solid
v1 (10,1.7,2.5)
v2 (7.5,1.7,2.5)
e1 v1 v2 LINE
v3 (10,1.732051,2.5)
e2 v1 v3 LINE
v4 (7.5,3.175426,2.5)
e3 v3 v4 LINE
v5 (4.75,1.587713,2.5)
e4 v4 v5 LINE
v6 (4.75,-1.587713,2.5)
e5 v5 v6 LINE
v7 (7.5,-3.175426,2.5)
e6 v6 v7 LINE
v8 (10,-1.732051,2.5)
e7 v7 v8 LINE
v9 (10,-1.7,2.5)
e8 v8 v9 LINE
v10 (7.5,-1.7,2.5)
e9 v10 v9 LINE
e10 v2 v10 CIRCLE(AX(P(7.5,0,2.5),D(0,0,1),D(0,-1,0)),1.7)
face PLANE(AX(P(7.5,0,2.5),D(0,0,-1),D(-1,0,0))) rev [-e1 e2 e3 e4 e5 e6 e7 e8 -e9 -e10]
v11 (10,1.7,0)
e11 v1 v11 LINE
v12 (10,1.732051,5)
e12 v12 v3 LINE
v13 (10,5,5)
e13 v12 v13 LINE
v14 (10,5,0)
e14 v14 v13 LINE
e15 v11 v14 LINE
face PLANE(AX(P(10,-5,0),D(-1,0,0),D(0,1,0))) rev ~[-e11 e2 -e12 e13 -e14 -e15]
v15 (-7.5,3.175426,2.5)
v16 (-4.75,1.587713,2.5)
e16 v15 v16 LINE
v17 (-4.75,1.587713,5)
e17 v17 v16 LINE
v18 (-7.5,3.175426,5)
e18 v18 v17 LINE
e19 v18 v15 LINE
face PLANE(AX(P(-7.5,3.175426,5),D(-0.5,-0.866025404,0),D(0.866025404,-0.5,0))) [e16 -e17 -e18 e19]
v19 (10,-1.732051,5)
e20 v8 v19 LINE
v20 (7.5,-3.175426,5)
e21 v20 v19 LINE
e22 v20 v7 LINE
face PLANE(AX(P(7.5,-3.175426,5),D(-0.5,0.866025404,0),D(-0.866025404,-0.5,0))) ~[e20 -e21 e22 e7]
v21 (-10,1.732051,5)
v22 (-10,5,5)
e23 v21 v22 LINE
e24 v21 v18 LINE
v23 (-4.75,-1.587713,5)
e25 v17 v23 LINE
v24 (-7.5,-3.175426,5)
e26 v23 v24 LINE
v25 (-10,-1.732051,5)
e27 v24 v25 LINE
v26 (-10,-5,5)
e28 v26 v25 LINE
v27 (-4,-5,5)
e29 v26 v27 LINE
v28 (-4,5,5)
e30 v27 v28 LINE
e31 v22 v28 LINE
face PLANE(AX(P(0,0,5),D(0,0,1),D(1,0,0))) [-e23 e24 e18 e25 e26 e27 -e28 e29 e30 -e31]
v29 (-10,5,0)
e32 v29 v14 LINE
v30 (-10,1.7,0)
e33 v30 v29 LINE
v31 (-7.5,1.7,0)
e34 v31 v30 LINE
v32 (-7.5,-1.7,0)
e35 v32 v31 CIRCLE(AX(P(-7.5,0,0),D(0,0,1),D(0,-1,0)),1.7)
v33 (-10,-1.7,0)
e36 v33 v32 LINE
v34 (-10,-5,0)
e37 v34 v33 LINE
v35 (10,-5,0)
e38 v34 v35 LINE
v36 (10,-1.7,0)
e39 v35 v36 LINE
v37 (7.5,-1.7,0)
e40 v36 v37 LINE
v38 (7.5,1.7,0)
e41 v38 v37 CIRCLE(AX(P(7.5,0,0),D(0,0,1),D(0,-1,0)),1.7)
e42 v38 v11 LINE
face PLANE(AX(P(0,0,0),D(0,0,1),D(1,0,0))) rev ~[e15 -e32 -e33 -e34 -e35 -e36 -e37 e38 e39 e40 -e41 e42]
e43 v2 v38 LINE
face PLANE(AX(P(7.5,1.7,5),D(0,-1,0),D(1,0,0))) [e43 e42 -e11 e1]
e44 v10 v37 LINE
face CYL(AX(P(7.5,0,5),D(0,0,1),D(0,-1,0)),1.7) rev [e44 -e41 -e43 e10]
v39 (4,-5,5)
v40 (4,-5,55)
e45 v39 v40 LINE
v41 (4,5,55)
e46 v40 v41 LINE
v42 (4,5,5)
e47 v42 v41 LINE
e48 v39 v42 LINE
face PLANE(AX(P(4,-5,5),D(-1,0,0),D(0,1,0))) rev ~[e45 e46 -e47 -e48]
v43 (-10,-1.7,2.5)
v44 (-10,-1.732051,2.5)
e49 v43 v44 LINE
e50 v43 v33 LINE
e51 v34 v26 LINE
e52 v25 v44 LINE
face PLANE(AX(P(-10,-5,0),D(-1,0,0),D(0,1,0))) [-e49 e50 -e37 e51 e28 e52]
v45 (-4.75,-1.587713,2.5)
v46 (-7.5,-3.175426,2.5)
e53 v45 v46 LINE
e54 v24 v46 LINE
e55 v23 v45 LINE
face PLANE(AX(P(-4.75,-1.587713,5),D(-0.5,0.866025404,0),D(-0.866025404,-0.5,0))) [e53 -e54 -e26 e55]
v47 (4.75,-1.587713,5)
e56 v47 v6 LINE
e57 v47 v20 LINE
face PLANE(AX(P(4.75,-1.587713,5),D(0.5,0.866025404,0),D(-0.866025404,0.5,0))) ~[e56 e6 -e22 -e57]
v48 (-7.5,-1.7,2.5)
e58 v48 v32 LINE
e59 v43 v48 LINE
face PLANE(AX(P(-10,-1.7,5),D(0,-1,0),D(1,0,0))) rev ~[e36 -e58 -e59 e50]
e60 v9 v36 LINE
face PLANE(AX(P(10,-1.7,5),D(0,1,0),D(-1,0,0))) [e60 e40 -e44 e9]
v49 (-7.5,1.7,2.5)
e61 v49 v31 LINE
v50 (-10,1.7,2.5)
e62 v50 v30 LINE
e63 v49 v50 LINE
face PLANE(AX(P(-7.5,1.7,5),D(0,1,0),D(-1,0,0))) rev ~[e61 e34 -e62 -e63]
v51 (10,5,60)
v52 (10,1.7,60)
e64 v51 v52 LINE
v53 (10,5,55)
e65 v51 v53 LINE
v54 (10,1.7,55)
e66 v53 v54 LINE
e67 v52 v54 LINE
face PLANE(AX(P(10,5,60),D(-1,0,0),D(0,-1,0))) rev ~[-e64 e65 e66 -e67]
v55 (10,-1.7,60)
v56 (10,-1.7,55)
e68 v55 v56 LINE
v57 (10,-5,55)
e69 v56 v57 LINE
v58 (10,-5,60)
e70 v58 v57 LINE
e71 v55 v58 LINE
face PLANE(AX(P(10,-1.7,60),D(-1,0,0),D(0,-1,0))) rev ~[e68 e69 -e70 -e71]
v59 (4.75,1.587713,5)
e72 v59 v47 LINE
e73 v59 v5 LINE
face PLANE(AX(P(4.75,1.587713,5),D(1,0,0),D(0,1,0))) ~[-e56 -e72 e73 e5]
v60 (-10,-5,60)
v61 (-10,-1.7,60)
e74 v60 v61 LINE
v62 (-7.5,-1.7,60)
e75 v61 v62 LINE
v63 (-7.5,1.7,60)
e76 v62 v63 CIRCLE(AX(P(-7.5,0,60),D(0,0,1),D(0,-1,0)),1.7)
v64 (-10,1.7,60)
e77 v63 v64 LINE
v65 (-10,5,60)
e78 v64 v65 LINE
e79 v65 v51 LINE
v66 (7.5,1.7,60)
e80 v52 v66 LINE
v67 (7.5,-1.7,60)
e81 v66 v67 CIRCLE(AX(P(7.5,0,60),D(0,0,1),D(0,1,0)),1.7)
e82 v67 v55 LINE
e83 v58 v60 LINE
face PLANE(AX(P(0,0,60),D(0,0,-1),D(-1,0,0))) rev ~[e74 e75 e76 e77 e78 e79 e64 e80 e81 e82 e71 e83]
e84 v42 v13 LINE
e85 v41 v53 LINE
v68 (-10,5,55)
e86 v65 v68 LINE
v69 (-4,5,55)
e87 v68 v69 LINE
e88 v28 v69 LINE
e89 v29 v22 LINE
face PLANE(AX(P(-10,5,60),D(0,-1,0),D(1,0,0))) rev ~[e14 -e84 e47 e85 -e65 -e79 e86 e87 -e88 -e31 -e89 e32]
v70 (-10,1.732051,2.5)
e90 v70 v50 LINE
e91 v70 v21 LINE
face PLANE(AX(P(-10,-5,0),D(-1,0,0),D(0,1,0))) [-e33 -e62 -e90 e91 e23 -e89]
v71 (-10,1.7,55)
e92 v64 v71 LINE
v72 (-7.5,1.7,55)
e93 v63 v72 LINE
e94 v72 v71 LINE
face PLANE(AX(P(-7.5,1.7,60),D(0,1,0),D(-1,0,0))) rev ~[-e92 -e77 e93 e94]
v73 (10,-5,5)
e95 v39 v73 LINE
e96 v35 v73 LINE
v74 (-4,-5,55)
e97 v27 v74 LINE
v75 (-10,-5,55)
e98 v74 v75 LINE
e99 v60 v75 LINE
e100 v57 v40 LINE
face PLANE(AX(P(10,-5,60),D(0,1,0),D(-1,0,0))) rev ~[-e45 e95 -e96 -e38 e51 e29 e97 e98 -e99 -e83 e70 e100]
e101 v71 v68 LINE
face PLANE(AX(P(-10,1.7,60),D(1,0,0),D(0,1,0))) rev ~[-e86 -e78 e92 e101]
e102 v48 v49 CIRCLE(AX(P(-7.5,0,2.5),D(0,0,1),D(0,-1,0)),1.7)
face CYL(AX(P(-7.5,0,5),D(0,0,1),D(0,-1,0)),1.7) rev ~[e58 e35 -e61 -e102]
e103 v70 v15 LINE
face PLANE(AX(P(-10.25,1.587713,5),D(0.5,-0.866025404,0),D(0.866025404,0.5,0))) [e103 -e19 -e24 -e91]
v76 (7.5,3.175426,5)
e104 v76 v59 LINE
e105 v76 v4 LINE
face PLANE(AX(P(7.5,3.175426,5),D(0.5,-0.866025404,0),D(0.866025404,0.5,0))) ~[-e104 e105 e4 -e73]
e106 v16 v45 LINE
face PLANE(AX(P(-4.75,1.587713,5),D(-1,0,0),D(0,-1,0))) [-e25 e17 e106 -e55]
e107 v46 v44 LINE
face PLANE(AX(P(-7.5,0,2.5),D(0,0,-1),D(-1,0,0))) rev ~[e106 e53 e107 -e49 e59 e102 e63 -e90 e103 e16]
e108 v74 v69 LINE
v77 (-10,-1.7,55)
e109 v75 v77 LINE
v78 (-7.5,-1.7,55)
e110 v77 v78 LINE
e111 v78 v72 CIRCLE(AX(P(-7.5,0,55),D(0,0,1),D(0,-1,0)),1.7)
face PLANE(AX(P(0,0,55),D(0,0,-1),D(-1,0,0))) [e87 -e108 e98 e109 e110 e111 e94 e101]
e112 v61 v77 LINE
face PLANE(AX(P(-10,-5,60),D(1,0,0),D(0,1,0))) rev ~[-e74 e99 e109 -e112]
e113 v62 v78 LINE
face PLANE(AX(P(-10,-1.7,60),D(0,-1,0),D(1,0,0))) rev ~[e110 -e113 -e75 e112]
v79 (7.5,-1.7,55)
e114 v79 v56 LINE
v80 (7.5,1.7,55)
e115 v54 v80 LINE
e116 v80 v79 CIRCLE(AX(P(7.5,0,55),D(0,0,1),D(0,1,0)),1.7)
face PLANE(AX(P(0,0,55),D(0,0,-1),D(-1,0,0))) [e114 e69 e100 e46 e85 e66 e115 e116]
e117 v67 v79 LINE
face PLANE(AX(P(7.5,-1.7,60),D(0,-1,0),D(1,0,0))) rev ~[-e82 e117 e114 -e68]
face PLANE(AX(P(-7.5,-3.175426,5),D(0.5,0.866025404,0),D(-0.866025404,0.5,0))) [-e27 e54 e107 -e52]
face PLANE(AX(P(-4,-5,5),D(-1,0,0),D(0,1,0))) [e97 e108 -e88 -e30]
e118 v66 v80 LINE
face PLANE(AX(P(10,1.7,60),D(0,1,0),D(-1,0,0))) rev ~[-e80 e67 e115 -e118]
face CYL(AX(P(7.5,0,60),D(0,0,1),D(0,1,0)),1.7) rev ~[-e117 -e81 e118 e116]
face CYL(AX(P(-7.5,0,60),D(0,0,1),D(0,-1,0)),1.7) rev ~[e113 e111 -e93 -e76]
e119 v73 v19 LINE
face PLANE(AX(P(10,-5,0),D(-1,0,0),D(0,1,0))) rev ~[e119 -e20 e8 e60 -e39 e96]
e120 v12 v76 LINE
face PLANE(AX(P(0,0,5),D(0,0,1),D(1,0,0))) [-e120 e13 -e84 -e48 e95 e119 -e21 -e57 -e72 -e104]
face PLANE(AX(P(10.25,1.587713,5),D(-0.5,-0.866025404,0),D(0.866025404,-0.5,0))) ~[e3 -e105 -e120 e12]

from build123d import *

# Parameters (mm, degrees)
SKETCH1_W           = 20
SKETCH1_H           = 10
BOSS_EXTRUDE1_DEPTH = 5
SKETCH2_W           = 8
SKETCH2_H           = 10
BOSS_EXTRUDE2_DEPTH = 50
CUT_EXTRUDE1_DEPTH  = 10
BOSS_EXTRUDE3_START = 5
BOSS_EXTRUDE3_DEPTH = 5
CUT_EXTRUDE2_DEPTH  = 2.5


with BuildPart() as part:
    # Sketch1 → Boss-Extrude1 (new body)
    with BuildSketch(Plane.XY):
        Rectangle(SKETCH1_W, SKETCH1_H)
    extrude(amount=BOSS_EXTRUDE1_DEPTH)

    # Sketch2 → Boss-Extrude2 (add)
    with BuildSketch(Plane.XY.offset(5)):
        Rectangle(SKETCH2_W, SKETCH2_H)
    extrude(amount=BOSS_EXTRUDE2_DEPTH)

    # Sketch3 → Cut-Extrude1 (cut)
    with BuildSketch(Plane.XY.offset(5)):
        with BuildLine():
            Line((-7.5, 1.7), (-10, 1.7))
            Line((-10, 1.7), (-10, -1.7))
            Line((-10, -1.7), (-7.5, -1.7))
            ThreePointArc((-7.5, -1.7), (-5.8, 0), (-7.5, 1.7))
        make_face()
        with BuildLine():
            Line((7.5, 1.7), (10, 1.7))
            Line((10, 1.7), (10, -1.7))
            Line((10, -1.7), (7.5, -1.7))
            ThreePointArc((7.5, -1.7), (5.8, 0), (7.5, 1.7))
        make_face()
    extrude(amount=-CUT_EXTRUDE1_DEPTH, mode=Mode.SUBTRACT)

    # Sketch4 → Boss-Extrude3 (add)
    with BuildSketch(Plane.XY.offset(55).offset(BOSS_EXTRUDE3_START)):
        with BuildLine():
            Line((-7.5, 1.7), (-10, 1.7))
            Line((-10, 1.7), (-10, 5))
            Line((-10, 5), (10, 5))
            Line((10, 5), (10, 1.7))
            Line((10, 1.7), (7.5, 1.7))
            ThreePointArc((7.5, 1.7), (5.8, 0), (7.5, -1.7))
            Line((7.5, -1.7), (10, -1.7))
            Line((10, -1.7), (10, -5))
            Line((10, -5), (-10, -5))
            Line((-10, -5), (-10, -1.7))
            Line((-10, -1.7), (-7.5, -1.7))
            ThreePointArc((-7.5, -1.7), (-5.8, 0), (-7.5, 1.7))
        make_face()
    extrude(amount=-BOSS_EXTRUDE3_DEPTH)

    # Sketch5 → Cut-Extrude2 (cut)
    with BuildSketch(Plane.XY.offset(5)):
        Polygon((-4.75, 1.58771324), (-4.75, -1.58771324), (-7.5, -3.175426481), (-10.25, -1.58771324), (-10.25, 1.58771324), (-7.5, 3.175426481), align=None)
    cut_extrude2 = extrude(amount=-CUT_EXTRUDE2_DEPTH, mode=Mode.SUBTRACT)

    # Mirror1: Cut-Extrude2 across plane
    add(cut_extrude2.mirror(Plane(origin=(0, 0, 0), x_dir=(0, 0, 1), z_dir=(1, 0, 0))), mode=Mode.SUBTRACT)


solid = part.part
